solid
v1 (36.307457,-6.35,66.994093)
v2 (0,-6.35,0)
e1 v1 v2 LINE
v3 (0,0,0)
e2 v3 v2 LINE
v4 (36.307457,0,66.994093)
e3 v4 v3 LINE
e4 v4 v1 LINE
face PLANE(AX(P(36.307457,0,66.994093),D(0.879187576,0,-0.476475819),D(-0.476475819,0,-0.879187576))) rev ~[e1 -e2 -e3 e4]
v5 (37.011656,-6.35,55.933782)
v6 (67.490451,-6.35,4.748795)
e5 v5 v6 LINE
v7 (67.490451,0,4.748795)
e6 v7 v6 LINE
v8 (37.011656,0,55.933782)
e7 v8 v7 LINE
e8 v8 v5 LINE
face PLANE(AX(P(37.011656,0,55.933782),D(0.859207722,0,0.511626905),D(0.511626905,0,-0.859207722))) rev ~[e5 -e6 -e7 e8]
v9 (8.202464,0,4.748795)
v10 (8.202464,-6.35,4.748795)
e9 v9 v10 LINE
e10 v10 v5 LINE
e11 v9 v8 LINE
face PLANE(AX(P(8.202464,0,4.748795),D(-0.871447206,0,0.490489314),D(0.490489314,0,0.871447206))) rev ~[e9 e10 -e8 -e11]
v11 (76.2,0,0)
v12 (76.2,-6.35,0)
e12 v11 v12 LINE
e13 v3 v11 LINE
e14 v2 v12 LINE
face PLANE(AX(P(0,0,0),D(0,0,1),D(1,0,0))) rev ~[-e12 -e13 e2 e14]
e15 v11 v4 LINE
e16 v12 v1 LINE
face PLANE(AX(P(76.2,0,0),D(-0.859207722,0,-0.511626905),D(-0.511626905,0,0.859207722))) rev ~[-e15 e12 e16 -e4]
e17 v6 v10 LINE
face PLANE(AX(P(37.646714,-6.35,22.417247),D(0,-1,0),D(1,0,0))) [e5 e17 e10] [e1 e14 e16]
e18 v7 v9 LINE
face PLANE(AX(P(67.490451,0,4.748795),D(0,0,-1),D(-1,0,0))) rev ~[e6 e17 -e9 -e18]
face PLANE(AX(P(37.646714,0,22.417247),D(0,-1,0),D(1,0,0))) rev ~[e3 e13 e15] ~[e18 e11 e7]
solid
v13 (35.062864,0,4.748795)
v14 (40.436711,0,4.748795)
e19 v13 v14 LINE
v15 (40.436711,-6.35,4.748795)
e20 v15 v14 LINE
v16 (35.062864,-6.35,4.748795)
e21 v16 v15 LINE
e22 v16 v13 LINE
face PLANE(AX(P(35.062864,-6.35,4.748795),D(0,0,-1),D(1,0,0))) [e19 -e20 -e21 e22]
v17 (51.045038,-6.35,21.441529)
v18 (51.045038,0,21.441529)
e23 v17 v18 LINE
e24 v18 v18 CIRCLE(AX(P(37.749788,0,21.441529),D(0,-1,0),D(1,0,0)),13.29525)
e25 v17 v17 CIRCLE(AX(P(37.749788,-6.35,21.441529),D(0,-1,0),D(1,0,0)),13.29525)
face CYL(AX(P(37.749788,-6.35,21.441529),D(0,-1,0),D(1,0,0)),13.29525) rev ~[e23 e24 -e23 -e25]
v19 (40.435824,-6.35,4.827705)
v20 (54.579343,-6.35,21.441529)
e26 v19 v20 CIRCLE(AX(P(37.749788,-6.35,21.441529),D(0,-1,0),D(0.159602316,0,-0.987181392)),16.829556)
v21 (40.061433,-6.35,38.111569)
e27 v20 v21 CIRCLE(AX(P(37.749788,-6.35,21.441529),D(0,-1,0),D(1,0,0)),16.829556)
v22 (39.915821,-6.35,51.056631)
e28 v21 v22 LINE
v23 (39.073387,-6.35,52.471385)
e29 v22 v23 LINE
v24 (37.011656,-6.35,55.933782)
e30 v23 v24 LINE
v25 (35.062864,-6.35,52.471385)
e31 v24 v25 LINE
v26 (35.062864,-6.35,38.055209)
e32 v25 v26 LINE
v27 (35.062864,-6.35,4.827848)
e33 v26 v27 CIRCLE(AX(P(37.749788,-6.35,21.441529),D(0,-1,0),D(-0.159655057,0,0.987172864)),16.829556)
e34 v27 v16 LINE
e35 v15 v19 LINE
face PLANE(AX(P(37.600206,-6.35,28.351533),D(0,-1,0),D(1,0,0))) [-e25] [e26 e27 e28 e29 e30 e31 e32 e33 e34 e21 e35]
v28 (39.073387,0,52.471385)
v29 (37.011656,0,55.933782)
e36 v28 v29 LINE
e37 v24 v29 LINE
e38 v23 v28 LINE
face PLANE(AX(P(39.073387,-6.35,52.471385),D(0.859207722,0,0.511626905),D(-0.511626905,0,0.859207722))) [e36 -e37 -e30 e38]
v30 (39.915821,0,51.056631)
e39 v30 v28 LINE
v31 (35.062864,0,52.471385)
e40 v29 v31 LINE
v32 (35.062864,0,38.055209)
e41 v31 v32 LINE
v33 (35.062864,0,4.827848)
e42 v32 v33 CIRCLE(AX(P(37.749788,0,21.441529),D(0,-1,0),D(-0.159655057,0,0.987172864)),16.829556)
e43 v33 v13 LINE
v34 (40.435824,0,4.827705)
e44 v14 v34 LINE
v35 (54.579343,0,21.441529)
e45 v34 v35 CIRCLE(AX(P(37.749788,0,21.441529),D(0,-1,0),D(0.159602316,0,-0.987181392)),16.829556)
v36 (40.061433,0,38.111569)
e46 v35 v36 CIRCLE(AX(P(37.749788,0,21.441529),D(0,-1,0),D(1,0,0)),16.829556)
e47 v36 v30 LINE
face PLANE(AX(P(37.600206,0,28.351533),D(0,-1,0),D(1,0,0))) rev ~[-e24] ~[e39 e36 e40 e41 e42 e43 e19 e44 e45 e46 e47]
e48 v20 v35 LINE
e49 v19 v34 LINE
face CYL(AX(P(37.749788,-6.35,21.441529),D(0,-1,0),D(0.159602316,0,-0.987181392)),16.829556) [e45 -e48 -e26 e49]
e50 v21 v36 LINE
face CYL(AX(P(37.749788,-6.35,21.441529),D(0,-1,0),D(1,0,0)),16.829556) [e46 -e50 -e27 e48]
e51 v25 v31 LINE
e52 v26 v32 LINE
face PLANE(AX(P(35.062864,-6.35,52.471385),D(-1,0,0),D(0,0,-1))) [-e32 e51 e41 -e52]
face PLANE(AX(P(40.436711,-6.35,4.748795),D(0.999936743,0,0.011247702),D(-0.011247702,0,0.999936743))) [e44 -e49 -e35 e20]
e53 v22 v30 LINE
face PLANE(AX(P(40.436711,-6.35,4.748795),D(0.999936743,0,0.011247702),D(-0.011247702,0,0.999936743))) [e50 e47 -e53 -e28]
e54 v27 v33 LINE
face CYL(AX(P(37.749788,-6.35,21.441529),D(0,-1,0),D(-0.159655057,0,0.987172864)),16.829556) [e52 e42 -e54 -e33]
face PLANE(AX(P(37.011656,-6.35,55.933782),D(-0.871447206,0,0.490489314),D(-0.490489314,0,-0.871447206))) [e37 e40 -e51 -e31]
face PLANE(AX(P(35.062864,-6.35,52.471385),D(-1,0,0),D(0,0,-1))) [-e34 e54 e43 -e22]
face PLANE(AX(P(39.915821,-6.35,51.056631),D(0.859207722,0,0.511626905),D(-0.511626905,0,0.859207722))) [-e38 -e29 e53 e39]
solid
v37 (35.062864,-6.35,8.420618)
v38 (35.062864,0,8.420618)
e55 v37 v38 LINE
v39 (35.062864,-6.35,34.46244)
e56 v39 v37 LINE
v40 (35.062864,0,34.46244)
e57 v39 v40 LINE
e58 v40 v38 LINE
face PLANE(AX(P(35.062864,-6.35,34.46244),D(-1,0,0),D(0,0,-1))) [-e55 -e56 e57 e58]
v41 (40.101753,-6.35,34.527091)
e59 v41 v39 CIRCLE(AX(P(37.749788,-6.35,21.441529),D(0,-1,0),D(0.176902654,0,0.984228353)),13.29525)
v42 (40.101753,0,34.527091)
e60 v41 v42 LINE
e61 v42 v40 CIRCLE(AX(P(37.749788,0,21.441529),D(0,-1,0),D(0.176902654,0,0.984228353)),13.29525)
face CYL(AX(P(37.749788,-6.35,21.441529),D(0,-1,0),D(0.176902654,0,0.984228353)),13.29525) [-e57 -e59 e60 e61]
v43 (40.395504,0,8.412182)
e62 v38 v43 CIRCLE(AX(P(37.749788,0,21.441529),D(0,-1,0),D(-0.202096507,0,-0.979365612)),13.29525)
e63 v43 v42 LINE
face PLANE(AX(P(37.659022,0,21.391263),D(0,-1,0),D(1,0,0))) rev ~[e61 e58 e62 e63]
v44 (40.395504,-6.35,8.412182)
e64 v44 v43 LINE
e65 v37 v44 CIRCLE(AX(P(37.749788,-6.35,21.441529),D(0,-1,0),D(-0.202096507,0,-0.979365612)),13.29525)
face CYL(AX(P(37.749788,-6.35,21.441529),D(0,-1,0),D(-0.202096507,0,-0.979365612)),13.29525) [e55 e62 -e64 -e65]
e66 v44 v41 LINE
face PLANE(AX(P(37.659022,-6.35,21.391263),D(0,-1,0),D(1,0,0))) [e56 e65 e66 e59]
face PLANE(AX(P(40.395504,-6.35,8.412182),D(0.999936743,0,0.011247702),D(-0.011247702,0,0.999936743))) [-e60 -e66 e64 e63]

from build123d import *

# Parameters (mm, degrees)
F1_DEPTH = 6.35
F3_DEPTH = 6.35
F5_DEPTH = 6.35
F6_R     = 13.2952502856
F7_DEPTH = 25.4
F9_DEPTH = 6.35


with BuildPart() as f1:
    # F0 (on Front) → F1 (new body)
    with BuildSketch(Plane.XZ):
        Polygon((36.3074574453, 66.9940932759), (0, 0), (76.2, 0), align=None)
        Polygon((67.4904510379, 4.7487951815), (8.2024643198, 4.7487951815), (37.0116555081, 55.9337821464), align=None, mode=Mode.SUBTRACT)
    extrude(amount=F1_DEPTH)


with BuildPart() as f3:
    # F2 (on face) → F3 (new body)
    with BuildSketch(Plane.XZ.offset(6.35)):
        Polygon((39.0733871817, 52.4713845351), (35.0628638669, 52.4713845351), (35.0628638669, 4.7487951815), (40.4367111623, 4.7487951815), (39.9158214659, 51.0566308643), align=None)
        Polygon((37.0116555081, 55.9337821464), (35.0628638669, 52.4713845351), (39.0733871817, 52.4713845351), align=None)
    extrude(amount=-F3_DEPTH)

    # F4 (on face) → F5 (join)
    with BuildSketch(Plane.XZ.offset(6.35)):
        with BuildLine():
            Line((35.0628638669, 4.8278480664), (35.0628638669, 38.0552090809))
            ThreePointArc((35.0628638669, 38.0552090809), (20.920232004, 21.4415285736), (35.0628638669, 4.8278480664))
        make_face()
        with BuildLine():
            ThreePointArc((40.4358235572, 4.8277045387), (50.5645979183, 10.532148527), (54.5793430252, 21.4415285736))
            ThreePointArc((54.5793430252, 21.4415285736), (50.4410818285, 32.4943556926), (40.0614328825, 38.1115685969))
            Line((40.0614328825, 38.1115685969), (40.4358235572, 4.8277045387))
        make_face()
    extrude(amount=-F5_DEPTH)

    # F6 (on face) → F7 (cut)
    with BuildSketch(Plane.XZ.offset(6.35)):
        with Locations((37.7497875146, 21.4415285736)):
            Circle(F6_R)
    extrude(amount=-F7_DEPTH, mode=Mode.SUBTRACT)


with BuildPart() as f9:
    # F8 (on face) → F9 (new body)
    with BuildSketch(Plane.XZ.offset(6.35)):
        with BuildLine():
            ThreePointArc((40.1017525712, 34.5270908668), (37.5792171065, 34.7356846541), (35.0628638669, 34.4624395044))
            Line((35.0628638669, 34.4624395044), (35.0628638669, 8.4206176429))
            ThreePointArc((35.0628638669, 8.4206176429), (37.7287566052, 8.1462949218), (40.3955038686, 8.4121822688))
            Line((40.3955038686, 8.4121822688), (40.1017525712, 34.5270908668))
        make_face()
    extrude(amount=-F9_DEPTH)


solid = Compound([f1.part, f3.part, f9.part])
